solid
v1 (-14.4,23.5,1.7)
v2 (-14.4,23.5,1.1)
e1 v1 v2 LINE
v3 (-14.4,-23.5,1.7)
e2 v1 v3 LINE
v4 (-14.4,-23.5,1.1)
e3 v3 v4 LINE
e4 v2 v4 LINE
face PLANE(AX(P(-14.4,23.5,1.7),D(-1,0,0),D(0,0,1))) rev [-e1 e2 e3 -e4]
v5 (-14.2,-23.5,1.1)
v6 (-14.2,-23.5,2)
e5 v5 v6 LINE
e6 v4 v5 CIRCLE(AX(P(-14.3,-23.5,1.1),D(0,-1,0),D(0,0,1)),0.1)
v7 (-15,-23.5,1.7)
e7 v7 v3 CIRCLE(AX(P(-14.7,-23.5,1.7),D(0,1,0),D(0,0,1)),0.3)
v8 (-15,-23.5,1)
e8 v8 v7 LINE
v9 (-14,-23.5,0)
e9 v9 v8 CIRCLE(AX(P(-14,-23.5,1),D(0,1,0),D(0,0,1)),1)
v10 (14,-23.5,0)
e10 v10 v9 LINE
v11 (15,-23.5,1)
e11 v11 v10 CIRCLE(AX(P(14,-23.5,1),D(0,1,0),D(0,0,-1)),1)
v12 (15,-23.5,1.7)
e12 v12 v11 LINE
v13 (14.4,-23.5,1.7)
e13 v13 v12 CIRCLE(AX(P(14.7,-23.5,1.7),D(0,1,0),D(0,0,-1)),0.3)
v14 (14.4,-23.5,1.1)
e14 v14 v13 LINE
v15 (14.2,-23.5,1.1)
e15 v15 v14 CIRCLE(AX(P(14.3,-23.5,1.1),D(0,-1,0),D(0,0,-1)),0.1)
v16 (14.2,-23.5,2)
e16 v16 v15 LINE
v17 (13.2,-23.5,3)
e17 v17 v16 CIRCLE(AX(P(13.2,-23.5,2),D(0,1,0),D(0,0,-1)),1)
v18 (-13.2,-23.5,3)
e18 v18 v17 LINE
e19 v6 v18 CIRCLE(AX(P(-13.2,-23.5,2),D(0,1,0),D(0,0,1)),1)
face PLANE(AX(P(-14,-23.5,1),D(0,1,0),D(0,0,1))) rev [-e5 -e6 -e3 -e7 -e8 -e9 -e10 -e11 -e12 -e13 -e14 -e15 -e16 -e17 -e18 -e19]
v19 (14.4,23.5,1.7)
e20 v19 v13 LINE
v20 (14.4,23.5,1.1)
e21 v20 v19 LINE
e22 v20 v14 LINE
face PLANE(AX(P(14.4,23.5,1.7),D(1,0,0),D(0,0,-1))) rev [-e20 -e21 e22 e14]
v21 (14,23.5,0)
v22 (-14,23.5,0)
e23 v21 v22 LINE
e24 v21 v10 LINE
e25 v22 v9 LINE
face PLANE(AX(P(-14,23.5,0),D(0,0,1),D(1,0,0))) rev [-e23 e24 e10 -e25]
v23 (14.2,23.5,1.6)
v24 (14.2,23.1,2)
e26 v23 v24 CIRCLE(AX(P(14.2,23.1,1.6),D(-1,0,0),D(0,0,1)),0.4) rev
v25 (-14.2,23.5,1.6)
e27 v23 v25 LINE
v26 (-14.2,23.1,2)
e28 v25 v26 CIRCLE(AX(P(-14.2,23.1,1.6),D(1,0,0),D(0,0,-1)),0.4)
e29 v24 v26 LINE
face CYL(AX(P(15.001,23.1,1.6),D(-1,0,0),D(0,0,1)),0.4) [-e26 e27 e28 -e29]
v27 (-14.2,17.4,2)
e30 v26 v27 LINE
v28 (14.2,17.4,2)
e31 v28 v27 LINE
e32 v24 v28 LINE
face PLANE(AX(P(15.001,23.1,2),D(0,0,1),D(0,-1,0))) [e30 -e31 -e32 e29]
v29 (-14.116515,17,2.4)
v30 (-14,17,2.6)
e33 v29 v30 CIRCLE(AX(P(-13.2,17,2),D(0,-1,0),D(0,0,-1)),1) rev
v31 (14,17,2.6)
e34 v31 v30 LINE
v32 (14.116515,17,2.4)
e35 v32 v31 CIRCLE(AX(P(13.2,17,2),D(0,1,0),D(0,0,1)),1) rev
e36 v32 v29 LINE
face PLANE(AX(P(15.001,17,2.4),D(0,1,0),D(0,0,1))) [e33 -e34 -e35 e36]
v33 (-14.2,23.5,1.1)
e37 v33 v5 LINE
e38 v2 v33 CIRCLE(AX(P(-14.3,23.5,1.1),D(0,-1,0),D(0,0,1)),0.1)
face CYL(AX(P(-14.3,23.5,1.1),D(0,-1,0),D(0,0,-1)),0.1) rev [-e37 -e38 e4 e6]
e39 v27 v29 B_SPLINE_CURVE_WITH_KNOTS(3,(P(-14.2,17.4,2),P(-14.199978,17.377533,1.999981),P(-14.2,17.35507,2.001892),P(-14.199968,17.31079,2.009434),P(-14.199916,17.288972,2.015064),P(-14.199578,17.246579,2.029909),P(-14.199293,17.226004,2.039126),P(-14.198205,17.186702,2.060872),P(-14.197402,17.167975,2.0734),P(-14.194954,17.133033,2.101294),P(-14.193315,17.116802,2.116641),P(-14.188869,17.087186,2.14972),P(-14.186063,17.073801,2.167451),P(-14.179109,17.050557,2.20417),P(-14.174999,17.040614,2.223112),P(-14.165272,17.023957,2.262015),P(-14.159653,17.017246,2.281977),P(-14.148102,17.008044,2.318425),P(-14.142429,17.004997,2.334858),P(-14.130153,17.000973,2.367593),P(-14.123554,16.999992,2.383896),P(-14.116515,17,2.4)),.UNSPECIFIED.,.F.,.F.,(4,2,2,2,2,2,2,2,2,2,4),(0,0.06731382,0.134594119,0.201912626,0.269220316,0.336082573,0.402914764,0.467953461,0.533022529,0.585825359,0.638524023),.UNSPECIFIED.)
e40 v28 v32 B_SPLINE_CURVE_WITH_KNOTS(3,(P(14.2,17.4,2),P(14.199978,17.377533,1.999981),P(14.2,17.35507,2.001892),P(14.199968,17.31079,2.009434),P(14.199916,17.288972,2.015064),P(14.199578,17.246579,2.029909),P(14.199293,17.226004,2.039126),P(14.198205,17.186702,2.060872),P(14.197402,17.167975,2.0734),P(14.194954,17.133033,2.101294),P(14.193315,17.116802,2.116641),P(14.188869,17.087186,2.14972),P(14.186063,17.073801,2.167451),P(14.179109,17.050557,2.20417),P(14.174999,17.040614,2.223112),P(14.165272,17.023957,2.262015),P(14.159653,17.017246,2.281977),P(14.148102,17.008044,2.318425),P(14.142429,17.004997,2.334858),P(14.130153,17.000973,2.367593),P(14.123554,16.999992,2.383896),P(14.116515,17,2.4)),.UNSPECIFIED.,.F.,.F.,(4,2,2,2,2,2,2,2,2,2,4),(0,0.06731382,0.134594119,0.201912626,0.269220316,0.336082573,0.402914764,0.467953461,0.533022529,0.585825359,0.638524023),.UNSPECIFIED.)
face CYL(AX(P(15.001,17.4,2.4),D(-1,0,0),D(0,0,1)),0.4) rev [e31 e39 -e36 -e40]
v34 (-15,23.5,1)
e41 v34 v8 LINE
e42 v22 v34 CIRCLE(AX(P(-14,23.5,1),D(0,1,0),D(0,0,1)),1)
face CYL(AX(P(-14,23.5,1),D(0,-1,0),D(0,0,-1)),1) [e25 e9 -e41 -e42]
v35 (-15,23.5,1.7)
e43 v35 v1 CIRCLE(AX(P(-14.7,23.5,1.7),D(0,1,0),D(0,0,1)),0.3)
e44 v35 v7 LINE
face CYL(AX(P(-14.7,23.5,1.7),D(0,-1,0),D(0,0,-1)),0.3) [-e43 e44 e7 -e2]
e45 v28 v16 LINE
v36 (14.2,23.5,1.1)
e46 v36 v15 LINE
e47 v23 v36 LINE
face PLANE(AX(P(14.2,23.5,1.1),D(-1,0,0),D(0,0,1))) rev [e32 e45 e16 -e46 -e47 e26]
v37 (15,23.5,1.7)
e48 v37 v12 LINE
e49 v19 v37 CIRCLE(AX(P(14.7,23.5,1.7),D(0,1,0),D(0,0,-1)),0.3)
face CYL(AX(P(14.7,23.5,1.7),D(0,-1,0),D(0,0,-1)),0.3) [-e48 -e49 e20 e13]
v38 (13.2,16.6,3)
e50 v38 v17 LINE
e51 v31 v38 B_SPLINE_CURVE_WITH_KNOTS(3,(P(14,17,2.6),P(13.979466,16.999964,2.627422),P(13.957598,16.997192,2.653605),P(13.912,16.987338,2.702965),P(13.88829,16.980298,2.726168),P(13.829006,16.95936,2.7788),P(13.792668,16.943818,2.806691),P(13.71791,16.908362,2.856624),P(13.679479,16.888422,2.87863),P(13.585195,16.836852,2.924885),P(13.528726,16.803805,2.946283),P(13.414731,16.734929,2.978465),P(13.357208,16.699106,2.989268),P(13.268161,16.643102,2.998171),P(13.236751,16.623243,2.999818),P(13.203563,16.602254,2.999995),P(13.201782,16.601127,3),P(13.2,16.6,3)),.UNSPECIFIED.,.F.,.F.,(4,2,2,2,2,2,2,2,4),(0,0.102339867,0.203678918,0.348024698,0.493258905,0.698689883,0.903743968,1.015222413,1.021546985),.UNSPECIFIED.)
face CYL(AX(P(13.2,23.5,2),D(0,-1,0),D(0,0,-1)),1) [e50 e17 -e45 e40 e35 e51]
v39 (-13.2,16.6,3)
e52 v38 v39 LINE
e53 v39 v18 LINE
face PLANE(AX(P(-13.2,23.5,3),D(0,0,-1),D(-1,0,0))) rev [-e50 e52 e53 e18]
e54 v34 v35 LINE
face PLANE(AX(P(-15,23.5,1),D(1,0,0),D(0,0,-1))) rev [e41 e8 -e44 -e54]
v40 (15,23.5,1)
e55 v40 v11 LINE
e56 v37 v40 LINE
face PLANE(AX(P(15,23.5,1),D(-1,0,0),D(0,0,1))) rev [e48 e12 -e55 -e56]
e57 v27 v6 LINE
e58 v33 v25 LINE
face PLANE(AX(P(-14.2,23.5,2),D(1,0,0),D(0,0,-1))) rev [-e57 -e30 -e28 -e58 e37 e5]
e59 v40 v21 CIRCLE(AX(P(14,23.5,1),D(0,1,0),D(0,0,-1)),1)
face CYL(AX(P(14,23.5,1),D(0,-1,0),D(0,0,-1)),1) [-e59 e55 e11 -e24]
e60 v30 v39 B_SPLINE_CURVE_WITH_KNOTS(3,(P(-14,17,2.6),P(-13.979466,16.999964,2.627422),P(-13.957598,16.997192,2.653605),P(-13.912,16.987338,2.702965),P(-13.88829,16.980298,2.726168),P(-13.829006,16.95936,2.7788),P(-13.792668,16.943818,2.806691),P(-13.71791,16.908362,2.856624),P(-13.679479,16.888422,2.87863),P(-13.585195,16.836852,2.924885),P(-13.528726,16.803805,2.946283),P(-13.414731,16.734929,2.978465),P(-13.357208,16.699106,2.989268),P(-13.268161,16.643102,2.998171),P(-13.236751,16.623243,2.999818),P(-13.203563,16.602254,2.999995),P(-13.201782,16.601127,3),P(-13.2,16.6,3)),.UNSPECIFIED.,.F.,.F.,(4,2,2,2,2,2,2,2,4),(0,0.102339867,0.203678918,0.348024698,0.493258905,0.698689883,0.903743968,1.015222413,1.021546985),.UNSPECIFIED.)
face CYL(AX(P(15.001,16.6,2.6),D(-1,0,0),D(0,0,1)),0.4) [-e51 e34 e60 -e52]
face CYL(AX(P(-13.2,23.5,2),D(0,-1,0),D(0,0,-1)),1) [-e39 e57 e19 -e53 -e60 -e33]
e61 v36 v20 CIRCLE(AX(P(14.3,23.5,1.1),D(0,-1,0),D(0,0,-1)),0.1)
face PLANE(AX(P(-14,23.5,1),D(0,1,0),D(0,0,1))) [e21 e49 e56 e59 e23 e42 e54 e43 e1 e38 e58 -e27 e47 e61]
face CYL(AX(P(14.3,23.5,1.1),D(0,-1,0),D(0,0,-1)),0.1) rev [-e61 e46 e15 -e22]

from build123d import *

# Parameters (mm, degrees)
EXTRUDE_1_DEPTH                 = 23.5
CUT_EXTRUDE_1_REACH             = 30.04
CUT_EXTRUDE_1_DIRECTION_2_REACH = 30.04


with BuildPart() as part:
    # Эскиз1 → Бобышка-Вытянуть1 (new, symmetric)
    with BuildSketch(Plane(origin=(0, 0, 0), x_dir=(1, 0, 0), z_dir=(0, 1, 0))):
        with BuildLine():
            Line((-14, 0), (14, 0))
            ThreePointArc((14, 0), (14.707106781, -0.292893219), (15, -1))
            Line((15, -1), (15, -1.7))
            ThreePointArc((15, -1.7), (14.7, -2), (14.4, -1.7))
            Line((14.4, -1.7), (14.4, -1.1))
            ThreePointArc((14.4, -1.1), (14.3, -1), (14.2, -1.1))
            Line((14.2, -1.1), (14.2, -2))
            ThreePointArc((14.2, -2), (13.907106781, -2.707106781), (13.2, -3))
            Line((13.2, -3), (-13.2, -3))
            ThreePointArc((-13.2, -3), (-13.907106781, -2.707106781), (-14.2, -2))
            Line((-14.2, -2), (-14.2, -1.1))
            ThreePointArc((-14.2, -1.1), (-14.3, -1), (-14.4, -1.1))
            Line((-14.4, -1.1), (-14.4, -1.7))
            ThreePointArc((-14.4, -1.7), (-14.7, -2), (-15, -1.7))
            Line((-15, -1.7), (-15, -1))
            ThreePointArc((-15, -1), (-14.707106781, -0.292893219), (-14, 0))
        make_face()
    extrude(amount=EXTRUDE_1_DEPTH, both=True)

    # Эскиз2 → Вырез-Вытянуть1 (cut, up to next)
    with BuildSketch(Plane(origin=(0, 0, 0), x_dir=(0, 0, -1), z_dir=(1, 0, 0)), mode=Mode.PRIVATE) as cut_extrude_1_sk1:
        with BuildLine():
            Line((-2, 23.1), (-2, 17.4))
            ThreePointArc((-2, 17.4), (-2.117157288, 17.117157288), (-2.4, 17))
            Line((-2.4, 17), (-2.6, 17))
            ThreePointArc((-2.6, 17), (-2.882842712, 16.882842712), (-3, 16.6))
            Line((-3, 16.6), (-3, 23.5))
            Line((-3, 23.5), (-1.6, 23.5))
            ThreePointArc((-1.6, 23.5), (-1.882842712, 23.382842712), (-2, 23.1))
        make_face()
    cut_extrude_1_tool1 = extrude(cut_extrude_1_sk1.sketch, amount=-CUT_EXTRUDE_1_REACH, mode=Mode.PRIVATE) & part.part
    add(cut_extrude_1_tool1.solids().sort_by_distance((0, 20.265669, 2.501219))[0], mode=Mode.SUBTRACT)

    # Эскиз2 → Вырез-Вытянуть1 direction 2 (cut, up to next)
    with BuildSketch(Plane(origin=(0, 0, 0), x_dir=(0, 0, -1), z_dir=(1, 0, 0)), mode=Mode.PRIVATE) as cut_extrude_1_direction_2_sk1:
        with BuildLine():
            Line((-2, 23.1), (-2, 17.4))
            ThreePointArc((-2, 17.4), (-2.117157288, 17.117157288), (-2.4, 17))
            Line((-2.4, 17), (-2.6, 17))
            ThreePointArc((-2.6, 17), (-2.882842712, 16.882842712), (-3, 16.6))
            Line((-3, 16.6), (-3, 23.5))
            Line((-3, 23.5), (-1.6, 23.5))
            ThreePointArc((-1.6, 23.5), (-1.882842712, 23.382842712), (-2, 23.1))
        make_face()
    cut_extrude_1_direction_2_tool1 = extrude(cut_extrude_1_direction_2_sk1.sketch, amount=CUT_EXTRUDE_1_DIRECTION_2_REACH, mode=Mode.PRIVATE) & part.part
    add(cut_extrude_1_direction_2_tool1.solids().sort_by_distance((0, 20.265669, 2.501219))[0], mode=Mode.SUBTRACT)


solid = part.part
